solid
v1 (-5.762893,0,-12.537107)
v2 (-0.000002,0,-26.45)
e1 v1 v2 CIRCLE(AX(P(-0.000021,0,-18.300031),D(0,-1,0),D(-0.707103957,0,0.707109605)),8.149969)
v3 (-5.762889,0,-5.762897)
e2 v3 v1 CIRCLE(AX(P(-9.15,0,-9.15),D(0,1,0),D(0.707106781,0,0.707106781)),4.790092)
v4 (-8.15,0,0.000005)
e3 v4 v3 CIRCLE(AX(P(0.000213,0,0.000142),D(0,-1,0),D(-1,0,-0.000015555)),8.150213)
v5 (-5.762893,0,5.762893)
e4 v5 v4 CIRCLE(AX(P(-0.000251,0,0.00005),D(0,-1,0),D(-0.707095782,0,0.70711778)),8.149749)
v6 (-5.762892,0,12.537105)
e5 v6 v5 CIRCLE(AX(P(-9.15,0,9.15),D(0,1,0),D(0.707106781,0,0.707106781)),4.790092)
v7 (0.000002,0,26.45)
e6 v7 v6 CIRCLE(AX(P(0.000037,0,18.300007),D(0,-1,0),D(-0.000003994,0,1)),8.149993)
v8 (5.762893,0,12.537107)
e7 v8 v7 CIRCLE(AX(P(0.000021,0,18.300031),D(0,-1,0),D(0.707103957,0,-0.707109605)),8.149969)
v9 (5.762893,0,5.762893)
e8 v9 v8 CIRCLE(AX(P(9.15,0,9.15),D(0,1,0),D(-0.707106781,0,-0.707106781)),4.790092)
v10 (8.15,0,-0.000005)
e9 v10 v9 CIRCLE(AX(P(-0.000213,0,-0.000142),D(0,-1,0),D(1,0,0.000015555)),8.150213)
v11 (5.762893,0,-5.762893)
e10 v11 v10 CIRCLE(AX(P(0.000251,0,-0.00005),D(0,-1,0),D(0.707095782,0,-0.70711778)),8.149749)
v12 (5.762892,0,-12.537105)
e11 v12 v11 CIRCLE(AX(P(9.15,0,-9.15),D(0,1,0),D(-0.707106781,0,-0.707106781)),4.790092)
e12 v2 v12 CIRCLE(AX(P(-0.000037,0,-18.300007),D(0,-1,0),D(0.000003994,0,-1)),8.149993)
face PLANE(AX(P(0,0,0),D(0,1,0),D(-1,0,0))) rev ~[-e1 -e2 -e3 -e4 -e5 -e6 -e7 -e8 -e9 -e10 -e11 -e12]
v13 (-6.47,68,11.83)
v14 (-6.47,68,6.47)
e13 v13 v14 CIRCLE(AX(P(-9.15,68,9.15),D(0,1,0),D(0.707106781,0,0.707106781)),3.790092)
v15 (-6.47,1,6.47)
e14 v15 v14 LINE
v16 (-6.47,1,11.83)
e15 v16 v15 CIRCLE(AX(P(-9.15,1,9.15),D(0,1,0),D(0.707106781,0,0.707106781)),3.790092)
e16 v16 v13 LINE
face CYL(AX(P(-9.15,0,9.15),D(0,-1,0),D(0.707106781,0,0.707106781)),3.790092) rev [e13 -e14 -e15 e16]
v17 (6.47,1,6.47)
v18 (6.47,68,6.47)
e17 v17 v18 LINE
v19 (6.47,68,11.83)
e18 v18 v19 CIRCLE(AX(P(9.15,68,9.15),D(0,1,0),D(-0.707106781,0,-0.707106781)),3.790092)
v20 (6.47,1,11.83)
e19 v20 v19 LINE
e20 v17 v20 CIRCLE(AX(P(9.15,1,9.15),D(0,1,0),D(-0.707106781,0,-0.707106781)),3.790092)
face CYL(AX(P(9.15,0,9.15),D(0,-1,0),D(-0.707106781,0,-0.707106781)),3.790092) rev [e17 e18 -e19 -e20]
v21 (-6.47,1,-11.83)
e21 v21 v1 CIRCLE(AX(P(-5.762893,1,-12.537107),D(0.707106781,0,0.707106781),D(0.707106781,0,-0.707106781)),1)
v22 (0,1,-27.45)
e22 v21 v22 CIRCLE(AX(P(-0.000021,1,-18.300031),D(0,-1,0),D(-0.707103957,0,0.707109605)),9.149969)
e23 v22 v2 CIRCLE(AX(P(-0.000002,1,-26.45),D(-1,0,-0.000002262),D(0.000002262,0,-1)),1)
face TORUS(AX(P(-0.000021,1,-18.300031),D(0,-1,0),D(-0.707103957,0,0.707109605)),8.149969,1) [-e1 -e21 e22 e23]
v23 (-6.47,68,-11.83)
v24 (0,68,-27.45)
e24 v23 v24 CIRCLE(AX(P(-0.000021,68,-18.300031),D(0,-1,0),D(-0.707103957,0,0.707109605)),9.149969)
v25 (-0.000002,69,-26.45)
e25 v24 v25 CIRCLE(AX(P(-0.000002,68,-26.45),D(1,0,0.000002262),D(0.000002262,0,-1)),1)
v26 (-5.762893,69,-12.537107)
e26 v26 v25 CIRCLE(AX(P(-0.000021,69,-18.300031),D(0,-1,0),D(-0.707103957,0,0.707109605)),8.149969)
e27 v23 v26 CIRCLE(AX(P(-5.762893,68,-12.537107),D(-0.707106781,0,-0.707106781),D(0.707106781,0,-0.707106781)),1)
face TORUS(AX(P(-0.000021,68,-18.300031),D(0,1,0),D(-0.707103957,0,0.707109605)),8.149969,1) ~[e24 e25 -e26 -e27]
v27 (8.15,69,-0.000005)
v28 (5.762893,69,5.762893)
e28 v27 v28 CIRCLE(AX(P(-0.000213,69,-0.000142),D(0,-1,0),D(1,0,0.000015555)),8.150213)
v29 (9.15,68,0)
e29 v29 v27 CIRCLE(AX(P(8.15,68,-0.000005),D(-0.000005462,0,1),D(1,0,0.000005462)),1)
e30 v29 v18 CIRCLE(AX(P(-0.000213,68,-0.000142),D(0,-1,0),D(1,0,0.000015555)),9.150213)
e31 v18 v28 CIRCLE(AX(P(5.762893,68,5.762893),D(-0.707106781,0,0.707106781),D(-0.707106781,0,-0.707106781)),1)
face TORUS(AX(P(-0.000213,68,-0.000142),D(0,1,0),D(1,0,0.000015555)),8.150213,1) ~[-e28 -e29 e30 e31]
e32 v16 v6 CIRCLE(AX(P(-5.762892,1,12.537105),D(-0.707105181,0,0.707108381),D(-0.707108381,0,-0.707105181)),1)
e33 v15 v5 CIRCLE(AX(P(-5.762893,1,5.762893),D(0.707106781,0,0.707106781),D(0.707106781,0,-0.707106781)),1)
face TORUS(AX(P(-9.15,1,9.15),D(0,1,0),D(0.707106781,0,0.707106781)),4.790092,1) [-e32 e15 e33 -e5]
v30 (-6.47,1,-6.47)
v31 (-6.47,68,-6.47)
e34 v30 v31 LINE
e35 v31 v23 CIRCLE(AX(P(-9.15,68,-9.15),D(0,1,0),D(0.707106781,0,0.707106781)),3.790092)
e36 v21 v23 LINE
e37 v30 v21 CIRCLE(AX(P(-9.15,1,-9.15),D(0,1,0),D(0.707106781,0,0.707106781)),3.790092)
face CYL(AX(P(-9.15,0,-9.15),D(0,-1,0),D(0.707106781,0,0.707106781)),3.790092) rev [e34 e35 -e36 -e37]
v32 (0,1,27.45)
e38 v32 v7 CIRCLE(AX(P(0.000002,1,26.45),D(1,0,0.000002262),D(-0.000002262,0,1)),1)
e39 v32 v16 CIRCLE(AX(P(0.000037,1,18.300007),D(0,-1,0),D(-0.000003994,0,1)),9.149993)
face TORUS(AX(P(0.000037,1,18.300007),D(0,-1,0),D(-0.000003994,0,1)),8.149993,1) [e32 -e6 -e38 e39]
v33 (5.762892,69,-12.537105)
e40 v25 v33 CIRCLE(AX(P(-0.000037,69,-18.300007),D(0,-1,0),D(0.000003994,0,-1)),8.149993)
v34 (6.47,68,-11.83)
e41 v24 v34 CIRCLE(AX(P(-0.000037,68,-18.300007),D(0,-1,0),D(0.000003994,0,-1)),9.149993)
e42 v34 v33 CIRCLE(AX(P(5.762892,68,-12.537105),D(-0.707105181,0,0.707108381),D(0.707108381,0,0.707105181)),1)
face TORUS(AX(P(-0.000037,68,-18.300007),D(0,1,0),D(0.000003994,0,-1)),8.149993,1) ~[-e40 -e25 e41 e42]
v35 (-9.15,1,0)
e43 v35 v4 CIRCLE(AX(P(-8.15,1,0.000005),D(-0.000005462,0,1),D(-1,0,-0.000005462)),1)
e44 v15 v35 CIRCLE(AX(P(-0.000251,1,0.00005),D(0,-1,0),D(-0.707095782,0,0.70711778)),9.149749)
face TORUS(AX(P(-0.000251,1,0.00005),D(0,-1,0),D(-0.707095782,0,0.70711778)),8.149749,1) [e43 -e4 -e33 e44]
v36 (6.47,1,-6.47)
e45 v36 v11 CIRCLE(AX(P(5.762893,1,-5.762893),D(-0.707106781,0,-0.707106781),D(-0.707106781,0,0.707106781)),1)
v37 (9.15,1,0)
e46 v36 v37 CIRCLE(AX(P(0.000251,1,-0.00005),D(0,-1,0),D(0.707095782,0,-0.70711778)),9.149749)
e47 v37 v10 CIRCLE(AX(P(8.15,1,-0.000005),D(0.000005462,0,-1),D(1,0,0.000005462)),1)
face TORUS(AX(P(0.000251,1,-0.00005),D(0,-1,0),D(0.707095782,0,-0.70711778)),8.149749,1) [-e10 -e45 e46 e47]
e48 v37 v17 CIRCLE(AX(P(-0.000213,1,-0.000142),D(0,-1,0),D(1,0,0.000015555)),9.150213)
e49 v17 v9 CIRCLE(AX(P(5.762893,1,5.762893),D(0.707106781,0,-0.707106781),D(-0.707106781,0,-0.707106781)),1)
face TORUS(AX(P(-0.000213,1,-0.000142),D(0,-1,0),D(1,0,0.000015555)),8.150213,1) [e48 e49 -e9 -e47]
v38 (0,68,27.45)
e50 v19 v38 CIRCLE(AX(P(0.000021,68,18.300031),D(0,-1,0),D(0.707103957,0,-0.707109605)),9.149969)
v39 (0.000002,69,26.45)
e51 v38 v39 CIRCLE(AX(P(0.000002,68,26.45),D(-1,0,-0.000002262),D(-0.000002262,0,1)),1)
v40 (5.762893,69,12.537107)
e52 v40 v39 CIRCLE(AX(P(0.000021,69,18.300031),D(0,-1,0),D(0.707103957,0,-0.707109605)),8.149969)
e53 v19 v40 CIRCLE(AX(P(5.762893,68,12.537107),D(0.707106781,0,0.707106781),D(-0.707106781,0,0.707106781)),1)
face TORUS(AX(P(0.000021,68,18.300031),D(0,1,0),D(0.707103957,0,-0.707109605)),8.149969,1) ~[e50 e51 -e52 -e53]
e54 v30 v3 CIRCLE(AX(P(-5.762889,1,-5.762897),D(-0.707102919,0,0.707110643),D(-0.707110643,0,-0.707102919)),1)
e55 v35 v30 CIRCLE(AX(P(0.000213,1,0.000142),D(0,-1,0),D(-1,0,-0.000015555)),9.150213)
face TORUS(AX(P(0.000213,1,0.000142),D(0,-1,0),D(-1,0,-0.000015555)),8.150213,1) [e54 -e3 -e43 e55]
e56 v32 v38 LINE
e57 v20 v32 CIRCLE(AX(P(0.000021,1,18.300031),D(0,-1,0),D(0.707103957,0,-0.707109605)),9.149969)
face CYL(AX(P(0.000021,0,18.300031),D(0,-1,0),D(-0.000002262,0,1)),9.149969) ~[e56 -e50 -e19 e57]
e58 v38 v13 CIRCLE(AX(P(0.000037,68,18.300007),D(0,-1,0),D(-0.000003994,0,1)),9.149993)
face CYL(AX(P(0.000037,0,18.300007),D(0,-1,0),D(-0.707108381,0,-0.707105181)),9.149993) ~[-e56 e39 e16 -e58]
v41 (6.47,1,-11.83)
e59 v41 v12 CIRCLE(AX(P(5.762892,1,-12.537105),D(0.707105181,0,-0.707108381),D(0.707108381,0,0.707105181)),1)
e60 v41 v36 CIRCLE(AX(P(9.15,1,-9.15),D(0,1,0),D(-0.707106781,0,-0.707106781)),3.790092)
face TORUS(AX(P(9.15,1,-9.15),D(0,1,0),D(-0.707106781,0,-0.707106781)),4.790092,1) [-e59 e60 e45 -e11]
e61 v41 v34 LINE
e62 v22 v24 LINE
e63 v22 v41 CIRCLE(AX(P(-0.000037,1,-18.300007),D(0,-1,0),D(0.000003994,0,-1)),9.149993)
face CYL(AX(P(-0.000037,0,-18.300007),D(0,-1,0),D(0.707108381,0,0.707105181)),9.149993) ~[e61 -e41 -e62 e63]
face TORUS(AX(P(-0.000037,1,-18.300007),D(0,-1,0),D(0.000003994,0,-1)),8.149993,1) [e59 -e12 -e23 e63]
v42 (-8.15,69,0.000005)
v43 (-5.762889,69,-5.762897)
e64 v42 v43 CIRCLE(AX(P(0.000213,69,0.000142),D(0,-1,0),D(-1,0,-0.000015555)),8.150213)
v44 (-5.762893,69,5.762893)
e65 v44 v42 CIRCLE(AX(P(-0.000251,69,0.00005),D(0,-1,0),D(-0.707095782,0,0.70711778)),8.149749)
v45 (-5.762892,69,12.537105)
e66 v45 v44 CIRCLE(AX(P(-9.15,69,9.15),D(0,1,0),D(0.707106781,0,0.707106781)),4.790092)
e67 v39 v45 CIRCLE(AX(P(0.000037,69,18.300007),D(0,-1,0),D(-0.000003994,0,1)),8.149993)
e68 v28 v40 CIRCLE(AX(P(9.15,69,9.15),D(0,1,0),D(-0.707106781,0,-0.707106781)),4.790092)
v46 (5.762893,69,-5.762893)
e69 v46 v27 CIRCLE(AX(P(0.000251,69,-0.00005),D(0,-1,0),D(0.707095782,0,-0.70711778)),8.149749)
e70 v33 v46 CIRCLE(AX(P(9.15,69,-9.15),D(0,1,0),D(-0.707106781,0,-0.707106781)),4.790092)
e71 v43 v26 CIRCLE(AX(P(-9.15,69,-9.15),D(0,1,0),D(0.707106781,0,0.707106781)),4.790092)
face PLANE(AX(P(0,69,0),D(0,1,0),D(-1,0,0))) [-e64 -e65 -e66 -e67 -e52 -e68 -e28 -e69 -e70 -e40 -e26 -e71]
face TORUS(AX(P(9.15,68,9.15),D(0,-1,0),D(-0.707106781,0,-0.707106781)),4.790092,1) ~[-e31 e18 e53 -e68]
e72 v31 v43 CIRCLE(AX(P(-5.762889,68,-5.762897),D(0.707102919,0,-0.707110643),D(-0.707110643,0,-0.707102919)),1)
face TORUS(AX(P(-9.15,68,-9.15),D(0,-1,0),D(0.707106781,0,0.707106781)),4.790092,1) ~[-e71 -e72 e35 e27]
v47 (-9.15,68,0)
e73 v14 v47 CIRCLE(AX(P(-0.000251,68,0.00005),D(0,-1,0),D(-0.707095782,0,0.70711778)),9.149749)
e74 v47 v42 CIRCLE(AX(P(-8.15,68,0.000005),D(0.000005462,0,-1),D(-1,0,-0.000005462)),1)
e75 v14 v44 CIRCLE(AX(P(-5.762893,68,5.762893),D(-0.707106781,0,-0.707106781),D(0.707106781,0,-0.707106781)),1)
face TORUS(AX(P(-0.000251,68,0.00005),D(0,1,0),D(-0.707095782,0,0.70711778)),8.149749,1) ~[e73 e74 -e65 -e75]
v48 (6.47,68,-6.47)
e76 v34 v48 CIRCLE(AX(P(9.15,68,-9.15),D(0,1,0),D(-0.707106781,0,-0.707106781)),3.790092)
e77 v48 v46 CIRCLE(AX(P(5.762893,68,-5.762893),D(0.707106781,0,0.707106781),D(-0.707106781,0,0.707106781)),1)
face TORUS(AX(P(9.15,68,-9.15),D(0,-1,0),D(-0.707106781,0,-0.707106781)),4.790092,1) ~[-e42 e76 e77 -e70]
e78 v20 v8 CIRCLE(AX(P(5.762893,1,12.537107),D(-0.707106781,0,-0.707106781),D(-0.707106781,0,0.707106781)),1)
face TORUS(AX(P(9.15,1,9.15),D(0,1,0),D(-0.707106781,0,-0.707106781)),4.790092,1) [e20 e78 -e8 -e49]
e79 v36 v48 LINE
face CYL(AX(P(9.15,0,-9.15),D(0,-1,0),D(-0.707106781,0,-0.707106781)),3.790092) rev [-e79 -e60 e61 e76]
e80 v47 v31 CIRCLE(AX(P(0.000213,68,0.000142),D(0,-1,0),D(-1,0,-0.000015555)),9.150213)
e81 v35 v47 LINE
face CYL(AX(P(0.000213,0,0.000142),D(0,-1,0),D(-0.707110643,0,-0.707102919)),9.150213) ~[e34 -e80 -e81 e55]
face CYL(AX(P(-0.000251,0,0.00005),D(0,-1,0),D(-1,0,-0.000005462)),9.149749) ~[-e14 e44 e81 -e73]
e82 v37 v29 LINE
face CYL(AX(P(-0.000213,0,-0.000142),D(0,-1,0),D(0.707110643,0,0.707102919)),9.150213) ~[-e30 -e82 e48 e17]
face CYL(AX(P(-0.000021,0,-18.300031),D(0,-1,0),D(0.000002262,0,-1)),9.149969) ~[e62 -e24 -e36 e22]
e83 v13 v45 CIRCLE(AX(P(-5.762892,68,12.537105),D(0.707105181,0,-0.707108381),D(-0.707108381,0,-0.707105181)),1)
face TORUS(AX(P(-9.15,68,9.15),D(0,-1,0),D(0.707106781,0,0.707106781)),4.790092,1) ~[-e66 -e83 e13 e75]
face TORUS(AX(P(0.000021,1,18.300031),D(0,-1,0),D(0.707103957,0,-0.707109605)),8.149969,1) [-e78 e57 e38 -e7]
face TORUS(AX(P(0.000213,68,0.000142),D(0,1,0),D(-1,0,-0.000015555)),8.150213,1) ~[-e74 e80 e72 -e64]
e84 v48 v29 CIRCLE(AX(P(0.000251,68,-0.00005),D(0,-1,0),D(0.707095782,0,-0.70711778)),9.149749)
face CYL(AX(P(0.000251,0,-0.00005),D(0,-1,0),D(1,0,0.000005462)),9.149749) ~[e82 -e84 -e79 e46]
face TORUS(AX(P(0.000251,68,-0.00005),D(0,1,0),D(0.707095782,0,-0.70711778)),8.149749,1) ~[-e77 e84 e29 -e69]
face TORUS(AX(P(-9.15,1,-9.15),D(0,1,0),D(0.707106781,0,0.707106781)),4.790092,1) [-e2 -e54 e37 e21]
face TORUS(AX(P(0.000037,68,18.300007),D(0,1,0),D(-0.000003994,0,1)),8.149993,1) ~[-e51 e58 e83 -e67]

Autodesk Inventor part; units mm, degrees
ref_plane "YZ Plane" through (0, 0, 0) normal (1, 0, 0) x (0, 1, 0)
ref_plane "XZ Plane" through (0, 0, 0) normal (0, 1, 0) x (-1, 0, 0)
ref_plane "XY Plane" through (0, 0, 0) normal (0, 0, 1) x (1, 0, 0)
sketch "Skizze1" plane through (0, 0, 0) normal (0, 1, 0) x (-1, 0, 0)
  arc A0 (6.47, 11.83) -> (0, 27.45) centre (0, 18.3) ccw
  line L0 (9.15, 18.3) -> (9.15, 0) construction
  arc A1 (6.47, 11.83) -> (6.47, 6.47) centre (9.15, 9.15) ccw
  arc A2 (9.15, 0) -> (6.47, 6.47) centre (0, 0) ccw
  line L1 (0, 18.3) -> (0, 0) construction
  line L2 (0, 18.3) -> (0, 27.45) construction
  arc A3 (0, 27.45) -> (-6.47, 11.83) centre (0, 18.3) ccw
  arc A4 (-6.47, 6.47) -> (-6.47, 11.83) centre (-9.15, 9.15) ccw
  arc A5 (-6.47, 6.47) -> (-9.15, 0) centre (0, 0) ccw
  line L3 (9.15, 0) -> (-9.15, 0) construction
  line L4 (14.3464, 0) -> (-13.2665, 0) construction
  arc A6 (0, -27.45) -> (6.47, -11.83) centre (0, -18.3) ccw
  arc A7 (6.47, -6.47) -> (6.47, -11.83) centre (9.15, -9.15) ccw
  arc A8 (6.47, -6.47) -> (9.15, 0) centre (0, 0) ccw
  arc A9 (-6.47, -11.83) -> (-6.47, -6.47) centre (-9.15, -9.15) ccw
  arc A10 (-9.15, 0) -> (-6.47, -6.47) centre (0, 0) ccw
  arc A11 (-6.47, -11.83) -> (0, -27.45) centre (0, -18.3) ccw
  dimension "d1" = 18.3
  dimension "d3" = 9.15
  dimension "d5" = 9.15
  dimension "d6" = 9.15
  dimension "d7" = 9.15
  dimension "d8" = 3.79
extrude "Extrusion1" add sketch "Skizze1" along normal blind 69
fillet "Rundung1" radius 1 16 edges at (5.3599, 69, 9.15) (8.4535, 69, -3.5016) (5.3599, 69, -9.15) (-8.4535, 69, -21.8016) (-5.3599, 69, -9.15) (-8.4535, 69, 3.5016) (-5.3599, 69, 9.15) (8.4535, 69, 21.8016) (5.3599, 0, 9.15) (8.4535, 0, 3.5016) (5.3599, 0, -9.15) (-8.4535, 0, -21.8016) (-5.3599, 0, -9.15) (-8.4535, 0, 3.5016) (-5.3599, 0, 9.15) (-8.4535, 0, 21.8016)
properties part number "BatteryPack6600mAh"
